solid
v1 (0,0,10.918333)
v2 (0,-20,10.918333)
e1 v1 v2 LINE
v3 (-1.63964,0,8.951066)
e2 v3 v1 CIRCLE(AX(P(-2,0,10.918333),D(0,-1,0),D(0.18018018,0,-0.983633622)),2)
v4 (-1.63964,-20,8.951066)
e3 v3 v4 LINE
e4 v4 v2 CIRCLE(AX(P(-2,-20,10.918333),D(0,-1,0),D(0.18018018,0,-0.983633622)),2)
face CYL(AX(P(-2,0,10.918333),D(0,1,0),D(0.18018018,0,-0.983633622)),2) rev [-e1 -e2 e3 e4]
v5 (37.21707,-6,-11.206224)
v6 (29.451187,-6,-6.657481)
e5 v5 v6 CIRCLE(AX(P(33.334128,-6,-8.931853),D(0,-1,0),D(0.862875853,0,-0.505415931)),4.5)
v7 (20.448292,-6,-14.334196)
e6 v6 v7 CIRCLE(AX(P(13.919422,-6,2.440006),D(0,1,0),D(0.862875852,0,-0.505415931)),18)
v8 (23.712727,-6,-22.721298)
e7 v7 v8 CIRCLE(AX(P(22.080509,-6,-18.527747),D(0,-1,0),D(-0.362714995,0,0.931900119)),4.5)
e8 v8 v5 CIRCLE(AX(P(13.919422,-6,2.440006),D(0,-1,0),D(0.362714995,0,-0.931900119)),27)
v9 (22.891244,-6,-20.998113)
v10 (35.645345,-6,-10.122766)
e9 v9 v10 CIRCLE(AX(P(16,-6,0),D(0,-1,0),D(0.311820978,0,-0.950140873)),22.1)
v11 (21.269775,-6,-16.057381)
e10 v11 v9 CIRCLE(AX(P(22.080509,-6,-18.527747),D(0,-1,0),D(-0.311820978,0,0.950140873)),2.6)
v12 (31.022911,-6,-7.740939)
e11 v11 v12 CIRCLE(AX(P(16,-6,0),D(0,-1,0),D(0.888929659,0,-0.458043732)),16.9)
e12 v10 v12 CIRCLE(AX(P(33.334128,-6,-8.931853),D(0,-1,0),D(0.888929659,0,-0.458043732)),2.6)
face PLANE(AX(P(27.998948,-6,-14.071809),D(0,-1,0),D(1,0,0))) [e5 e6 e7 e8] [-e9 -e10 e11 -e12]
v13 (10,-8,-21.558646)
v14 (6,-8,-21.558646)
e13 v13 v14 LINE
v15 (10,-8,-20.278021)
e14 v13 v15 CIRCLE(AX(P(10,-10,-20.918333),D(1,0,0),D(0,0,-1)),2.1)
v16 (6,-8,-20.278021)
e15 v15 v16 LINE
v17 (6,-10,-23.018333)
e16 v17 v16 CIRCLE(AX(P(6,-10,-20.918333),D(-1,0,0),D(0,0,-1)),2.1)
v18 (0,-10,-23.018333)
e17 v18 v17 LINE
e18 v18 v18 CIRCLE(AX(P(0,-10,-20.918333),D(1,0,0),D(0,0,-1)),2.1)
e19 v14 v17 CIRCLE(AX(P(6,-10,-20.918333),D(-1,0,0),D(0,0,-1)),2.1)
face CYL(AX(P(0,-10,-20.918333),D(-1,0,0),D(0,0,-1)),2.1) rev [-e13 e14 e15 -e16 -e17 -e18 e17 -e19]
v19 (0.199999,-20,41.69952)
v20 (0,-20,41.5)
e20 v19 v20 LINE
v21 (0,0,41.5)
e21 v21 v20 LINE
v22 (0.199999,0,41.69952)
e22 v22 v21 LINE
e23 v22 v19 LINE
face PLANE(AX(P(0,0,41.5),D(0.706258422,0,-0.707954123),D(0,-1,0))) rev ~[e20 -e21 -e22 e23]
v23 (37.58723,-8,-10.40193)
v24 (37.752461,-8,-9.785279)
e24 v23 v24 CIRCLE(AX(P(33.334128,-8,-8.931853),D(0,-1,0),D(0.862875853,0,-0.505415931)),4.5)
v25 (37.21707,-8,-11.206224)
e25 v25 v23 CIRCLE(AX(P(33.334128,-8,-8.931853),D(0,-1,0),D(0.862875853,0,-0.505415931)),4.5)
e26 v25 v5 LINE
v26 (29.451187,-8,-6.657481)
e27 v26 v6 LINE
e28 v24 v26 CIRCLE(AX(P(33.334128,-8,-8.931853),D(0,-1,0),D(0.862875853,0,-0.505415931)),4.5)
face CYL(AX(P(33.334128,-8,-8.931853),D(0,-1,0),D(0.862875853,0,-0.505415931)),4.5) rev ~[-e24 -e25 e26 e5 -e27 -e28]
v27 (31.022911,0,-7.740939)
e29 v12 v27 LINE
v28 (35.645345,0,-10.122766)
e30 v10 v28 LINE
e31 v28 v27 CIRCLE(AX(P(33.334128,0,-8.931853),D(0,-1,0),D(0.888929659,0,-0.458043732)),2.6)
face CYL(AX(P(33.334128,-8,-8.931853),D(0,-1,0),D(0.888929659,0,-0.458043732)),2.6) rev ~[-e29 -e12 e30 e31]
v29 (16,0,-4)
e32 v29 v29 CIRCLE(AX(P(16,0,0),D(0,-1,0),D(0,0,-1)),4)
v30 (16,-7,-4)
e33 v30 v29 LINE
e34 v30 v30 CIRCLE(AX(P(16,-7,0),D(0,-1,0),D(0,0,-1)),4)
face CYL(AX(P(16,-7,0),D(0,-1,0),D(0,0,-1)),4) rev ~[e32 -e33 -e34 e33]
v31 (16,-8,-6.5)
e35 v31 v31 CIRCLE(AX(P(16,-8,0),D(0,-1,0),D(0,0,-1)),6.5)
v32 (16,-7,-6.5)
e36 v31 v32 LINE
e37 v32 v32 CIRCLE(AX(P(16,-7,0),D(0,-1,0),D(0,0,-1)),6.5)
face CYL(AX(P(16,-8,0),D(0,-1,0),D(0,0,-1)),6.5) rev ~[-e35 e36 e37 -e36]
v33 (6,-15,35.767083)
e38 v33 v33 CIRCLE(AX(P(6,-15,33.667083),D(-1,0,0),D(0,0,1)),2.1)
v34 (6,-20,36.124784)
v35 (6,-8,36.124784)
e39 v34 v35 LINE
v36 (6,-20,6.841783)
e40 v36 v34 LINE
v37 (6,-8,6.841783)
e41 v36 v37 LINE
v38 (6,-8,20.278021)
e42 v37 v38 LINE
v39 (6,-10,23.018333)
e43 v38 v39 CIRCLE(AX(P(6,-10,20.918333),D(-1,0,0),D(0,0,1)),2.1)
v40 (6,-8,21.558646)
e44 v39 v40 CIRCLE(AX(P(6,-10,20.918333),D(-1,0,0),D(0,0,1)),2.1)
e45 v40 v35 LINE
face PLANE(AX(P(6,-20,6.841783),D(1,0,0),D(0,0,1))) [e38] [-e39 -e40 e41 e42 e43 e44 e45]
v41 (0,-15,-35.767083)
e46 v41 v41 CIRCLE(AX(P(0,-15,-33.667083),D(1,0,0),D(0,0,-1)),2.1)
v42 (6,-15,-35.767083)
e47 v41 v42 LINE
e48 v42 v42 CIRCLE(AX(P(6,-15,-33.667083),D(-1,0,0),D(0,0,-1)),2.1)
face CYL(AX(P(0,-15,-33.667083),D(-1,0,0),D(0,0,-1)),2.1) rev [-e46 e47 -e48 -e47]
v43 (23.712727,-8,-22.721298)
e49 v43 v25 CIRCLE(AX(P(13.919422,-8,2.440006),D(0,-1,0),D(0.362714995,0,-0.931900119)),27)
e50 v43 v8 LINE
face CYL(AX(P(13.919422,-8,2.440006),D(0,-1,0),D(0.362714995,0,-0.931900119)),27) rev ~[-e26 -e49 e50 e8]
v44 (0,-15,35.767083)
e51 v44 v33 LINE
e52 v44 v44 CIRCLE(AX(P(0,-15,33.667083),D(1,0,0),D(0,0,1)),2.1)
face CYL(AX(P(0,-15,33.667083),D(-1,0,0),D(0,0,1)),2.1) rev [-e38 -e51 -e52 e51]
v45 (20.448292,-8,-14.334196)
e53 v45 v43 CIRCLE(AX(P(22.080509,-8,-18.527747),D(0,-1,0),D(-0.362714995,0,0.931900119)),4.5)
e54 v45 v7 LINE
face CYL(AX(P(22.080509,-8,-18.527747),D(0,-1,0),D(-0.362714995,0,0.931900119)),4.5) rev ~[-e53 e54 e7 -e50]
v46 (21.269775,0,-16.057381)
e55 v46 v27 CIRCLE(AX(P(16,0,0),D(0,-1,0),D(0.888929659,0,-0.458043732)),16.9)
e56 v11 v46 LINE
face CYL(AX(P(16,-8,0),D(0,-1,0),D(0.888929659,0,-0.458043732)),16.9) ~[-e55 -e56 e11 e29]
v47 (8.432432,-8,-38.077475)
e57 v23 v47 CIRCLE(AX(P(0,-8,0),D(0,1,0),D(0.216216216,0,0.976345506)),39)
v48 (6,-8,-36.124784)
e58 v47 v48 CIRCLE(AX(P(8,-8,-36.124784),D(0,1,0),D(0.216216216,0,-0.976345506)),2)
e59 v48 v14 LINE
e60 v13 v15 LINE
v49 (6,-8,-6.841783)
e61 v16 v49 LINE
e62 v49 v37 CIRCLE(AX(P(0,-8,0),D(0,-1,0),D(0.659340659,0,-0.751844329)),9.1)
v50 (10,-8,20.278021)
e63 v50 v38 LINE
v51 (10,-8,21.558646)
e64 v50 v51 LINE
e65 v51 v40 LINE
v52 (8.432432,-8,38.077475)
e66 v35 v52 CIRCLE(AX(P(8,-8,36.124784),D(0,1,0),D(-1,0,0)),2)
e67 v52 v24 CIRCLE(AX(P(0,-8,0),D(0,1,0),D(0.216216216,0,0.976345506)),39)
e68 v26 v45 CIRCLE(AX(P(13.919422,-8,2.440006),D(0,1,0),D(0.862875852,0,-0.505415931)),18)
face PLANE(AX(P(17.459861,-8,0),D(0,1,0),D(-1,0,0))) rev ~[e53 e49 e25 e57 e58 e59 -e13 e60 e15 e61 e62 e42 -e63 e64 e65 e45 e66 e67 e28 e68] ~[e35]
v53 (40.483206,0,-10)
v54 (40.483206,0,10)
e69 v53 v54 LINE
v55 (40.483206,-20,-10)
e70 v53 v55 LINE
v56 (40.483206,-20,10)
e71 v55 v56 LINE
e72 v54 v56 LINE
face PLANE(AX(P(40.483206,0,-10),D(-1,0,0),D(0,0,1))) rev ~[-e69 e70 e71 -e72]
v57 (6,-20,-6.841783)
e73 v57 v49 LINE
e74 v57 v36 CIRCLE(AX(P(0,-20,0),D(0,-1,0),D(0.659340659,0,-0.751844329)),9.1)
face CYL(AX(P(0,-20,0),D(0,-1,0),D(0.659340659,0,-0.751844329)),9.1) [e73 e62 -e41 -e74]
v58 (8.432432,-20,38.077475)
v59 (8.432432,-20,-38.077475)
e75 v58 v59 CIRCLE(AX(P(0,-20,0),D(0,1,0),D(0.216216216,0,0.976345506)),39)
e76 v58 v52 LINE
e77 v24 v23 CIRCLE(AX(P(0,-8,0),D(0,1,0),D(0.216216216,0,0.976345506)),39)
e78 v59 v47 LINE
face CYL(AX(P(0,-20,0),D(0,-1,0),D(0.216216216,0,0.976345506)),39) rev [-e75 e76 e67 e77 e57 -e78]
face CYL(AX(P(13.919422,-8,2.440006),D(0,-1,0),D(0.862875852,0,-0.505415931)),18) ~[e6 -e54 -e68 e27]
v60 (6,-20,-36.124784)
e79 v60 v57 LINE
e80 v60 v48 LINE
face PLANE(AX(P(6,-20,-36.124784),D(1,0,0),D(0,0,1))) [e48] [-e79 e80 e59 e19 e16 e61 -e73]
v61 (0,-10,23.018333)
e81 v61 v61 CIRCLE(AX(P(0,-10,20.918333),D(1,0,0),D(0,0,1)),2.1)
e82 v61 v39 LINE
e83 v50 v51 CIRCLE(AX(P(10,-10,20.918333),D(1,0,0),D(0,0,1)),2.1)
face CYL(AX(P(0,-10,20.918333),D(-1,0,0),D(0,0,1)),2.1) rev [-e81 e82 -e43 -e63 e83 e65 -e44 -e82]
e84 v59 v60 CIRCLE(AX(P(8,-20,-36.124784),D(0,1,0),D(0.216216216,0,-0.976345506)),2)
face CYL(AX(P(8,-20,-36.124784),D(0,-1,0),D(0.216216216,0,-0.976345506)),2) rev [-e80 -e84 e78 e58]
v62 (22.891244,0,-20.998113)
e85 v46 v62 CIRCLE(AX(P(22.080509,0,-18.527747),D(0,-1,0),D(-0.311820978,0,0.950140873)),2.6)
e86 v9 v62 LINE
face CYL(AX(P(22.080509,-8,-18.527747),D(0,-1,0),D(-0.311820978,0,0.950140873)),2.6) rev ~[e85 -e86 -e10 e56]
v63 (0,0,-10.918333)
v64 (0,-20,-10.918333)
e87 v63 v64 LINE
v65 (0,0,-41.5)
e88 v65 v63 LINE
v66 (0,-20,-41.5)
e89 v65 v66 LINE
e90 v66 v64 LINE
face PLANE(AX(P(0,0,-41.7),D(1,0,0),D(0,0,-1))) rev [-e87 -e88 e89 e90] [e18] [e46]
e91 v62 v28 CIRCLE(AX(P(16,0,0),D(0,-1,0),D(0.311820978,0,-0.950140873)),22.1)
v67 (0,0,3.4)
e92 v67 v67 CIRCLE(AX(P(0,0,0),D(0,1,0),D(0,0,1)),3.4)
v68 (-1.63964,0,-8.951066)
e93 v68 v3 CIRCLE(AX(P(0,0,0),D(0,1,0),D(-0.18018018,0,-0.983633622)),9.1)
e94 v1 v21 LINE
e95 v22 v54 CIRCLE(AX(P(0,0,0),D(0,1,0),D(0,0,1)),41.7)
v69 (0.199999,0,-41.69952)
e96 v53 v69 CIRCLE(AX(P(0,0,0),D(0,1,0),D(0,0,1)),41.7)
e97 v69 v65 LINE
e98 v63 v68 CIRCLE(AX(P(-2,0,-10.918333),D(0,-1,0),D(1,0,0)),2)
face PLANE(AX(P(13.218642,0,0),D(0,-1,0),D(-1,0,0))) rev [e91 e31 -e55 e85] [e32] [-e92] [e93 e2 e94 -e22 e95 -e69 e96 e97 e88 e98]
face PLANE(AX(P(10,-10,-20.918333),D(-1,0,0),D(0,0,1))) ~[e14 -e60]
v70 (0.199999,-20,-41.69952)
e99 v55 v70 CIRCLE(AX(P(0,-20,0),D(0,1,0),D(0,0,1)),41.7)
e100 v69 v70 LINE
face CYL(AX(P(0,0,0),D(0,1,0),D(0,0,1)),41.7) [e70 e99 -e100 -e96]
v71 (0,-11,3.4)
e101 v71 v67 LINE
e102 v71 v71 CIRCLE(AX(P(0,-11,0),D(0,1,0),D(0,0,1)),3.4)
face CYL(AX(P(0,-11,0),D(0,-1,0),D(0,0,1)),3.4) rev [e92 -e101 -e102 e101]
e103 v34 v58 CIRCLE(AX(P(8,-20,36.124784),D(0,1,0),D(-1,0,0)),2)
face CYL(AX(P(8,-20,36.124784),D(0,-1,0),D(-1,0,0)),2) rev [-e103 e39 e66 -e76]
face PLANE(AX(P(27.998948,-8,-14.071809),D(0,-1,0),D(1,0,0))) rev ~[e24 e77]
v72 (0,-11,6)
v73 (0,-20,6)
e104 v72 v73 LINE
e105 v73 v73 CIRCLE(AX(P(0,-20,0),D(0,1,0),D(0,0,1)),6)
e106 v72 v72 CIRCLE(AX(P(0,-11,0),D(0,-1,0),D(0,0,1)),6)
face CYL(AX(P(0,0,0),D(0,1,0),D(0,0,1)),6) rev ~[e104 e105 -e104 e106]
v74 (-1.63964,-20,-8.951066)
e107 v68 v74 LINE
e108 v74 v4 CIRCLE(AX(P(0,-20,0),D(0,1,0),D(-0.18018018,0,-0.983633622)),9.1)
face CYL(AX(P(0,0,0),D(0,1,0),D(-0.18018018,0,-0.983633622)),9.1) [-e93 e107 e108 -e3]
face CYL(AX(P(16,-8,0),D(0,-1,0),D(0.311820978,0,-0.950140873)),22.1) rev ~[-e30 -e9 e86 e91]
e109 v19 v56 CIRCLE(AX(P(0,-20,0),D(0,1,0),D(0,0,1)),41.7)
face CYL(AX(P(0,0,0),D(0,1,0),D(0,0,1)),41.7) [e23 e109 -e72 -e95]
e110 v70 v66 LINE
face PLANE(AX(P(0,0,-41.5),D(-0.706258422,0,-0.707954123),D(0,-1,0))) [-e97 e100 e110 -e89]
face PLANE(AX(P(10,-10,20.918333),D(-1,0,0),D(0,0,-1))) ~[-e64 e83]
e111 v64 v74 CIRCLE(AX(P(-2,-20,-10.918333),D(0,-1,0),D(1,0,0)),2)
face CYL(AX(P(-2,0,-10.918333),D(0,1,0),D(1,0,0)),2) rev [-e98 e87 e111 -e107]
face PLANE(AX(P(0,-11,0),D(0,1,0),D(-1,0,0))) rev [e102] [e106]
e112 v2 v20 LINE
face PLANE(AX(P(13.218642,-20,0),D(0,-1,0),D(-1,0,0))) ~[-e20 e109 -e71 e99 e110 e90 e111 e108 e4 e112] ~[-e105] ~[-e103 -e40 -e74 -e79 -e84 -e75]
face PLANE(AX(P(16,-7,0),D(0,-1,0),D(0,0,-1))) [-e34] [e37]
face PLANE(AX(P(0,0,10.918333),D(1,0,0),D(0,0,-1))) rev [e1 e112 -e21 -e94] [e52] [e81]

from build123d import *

# Parameters (mm, degrees)
SKETCH_1_R          = 6
EXTRUDE_1_DEPTH     = 20
SKETCH_2_R          = 6.1
EXTRUDE_2_DEPTH     = 11
SKETCH_3_R          = 3.4
CUT_EXTRUDE_1_DEPTH = 60.989832472
SKETCH_4_R          = 2.1
CUT_EXTRUDE_2_DEPTH = 10
CUT_EXTRUDE_3_DEPTH = 63.271823484
CUT_EXTRUDE_4_DEPTH = 12
SKETCH_7_R          = 6.5
CUT_EXTRUDE_5_DEPTH = 1
SKETCH_8_R          = 4
CUT_EXTRUDE_6_DEPTH = 60.554848669
CUT_EXTRUDE_7_DEPTH = 60.344586948
CUT_EXTRUDE_8_DEPTH = 2
CHAMFER_1_SIZE      = 0.2


with BuildPart() as part:
    # 草图1 → 凸台-拉伸1 (new body)
    with BuildSketch(Plane(origin=(0, 0, 0), x_dir=(1, 0, 0), z_dir=(0, 1, 0))):
        with BuildLine():
            Line((0, 41.7), (0, 10.918333206))
            ThreePointArc((0, 10.918333206), (-0.463653568, 9.637849063), (-1.63963964, 8.951065962))
            ThreePointArc((-1.63963964, 8.951065962), (-9.1, 0), (-1.63963964, -8.951065962))
            ThreePointArc((-1.63963964, -8.951065962), (-0.463653568, -9.637849063), (0, -10.918333206))
            Line((0, -10.918333206), (0, -41.7))
            ThreePointArc((0, -41.7), (41.7, 0), (0, 41.7))
        make_face()
        with Locations(Location((0, 0, 0), (0, 0, 270))):
            Circle(SKETCH_1_R, mode=Mode.SUBTRACT)
    extrude(amount=EXTRUDE_1_DEPTH)

    # 草图2 → 凸台-拉伸2 (add)
    with BuildSketch(Plane.XZ):
        Circle(SKETCH_2_R)
    extrude(amount=-EXTRUDE_2_DEPTH)

    # 草图3 → 切除-拉伸1 (cut, through all)
    with BuildSketch(Plane(origin=(0, 11, 0), x_dir=(1, 0, 0), z_dir=(0, 1, 0))):
        with Locations(Location((0, 0, 0), (0, 0, 270))):
            Circle(SKETCH_3_R)
    extrude(amount=-CUT_EXTRUDE_1_DEPTH, mode=Mode.SUBTRACT)

    # 草图4 → 切除-拉伸2 (cut)
    with BuildSketch(Plane.ZY):
        with Locations((33.667083302, 15)):
            Circle(SKETCH_4_R)
        with Locations((20.918333206, 10)):
            Circle(SKETCH_4_R)
        with Locations(Location((-33.667083302, 15, 0), (0, 0, 180))):
            Circle(SKETCH_4_R)
        with Locations(Location((-20.918333206, 10, 0), (0, 0, 180))):
            Circle(SKETCH_4_R)
    extrude(amount=-CUT_EXTRUDE_2_DEPTH, mode=Mode.SUBTRACT)


with BuildPart() as body_2:
    # 镜向1: mirrored copy
    add(part.part.mirror(Plane.ZX))

    # 草图5 → 切除-拉伸3 (cut, through all)
    with BuildSketch(Plane(origin=(0, 0, 0), x_dir=(1, 0, 0), z_dir=(0, 1, 0))):
        with BuildLine():
            Line((40.483206395, 10), (40.483206395, -10))
            ThreePointArc((40.483206395, -10), (41.394683878, -5.036878663), (41.7, 0))
            ThreePointArc((41.7, 0), (41.394683878, 5.036878663), (40.483206395, 10))
        make_face()
    extrude(amount=-CUT_EXTRUDE_3_DEPTH, mode=Mode.SUBTRACT)

    # 草图6 → 切除-拉伸4 (cut)
    with BuildSketch(Plane.XZ.offset(20)):
        with BuildLine():
            Line((6, -36.124783736), (6, -6.841783393))
            ThreePointArc((6, -6.841783393), (9.1, 0), (6, 6.841783393))
            Line((6, 6.841783393), (6, 36.124783736))
            ThreePointArc((6, 36.124783736), (6.747974614, 37.684409471), (8.432432432, 38.077474749))
            ThreePointArc((8.432432432, 38.077474749), (39, 0), (8.432432432, -38.077474749))
            ThreePointArc((8.432432432, -38.077474749), (6.747974614, -37.684409471), (6, -36.124783736))
        make_face()
    extrude(amount=-CUT_EXTRUDE_4_DEPTH, mode=Mode.SUBTRACT)

    # 草图7 → 切除-拉伸5 (cut)
    with BuildSketch(Plane.XZ.offset(8)):
        with Locations(Location((16, 0, 0), (0, 0, 270))):
            Circle(SKETCH_7_R)
    extrude(amount=-CUT_EXTRUDE_5_DEPTH, mode=Mode.SUBTRACT)

    # 草图8 → 切除-拉伸6 (cut, through all)
    with BuildSketch(Plane.XZ.offset(7)):
        with Locations(Location((16, 0, 0), (0, 0, 270))):
            Circle(SKETCH_8_R)
    extrude(amount=-CUT_EXTRUDE_6_DEPTH, mode=Mode.SUBTRACT)

    # 草图9 → 切除-拉伸7 (cut, through all)
    with BuildSketch(Plane.XZ.offset(8)):
        with BuildLine():
            ThreePointArc((22.891243611, -20.998113284), (30.339314214, -16.81648203), (35.645345475, -10.122766478))
            ThreePointArc((35.645345475, -10.122766478), (34.525042064, -6.62063566), (31.022911246, -7.740939071))
            ThreePointArc((31.022911246, -7.740939071), (26.965357928, -12.859662729), (21.269774526, -16.057380747))
            ThreePointArc((21.269774526, -16.057380747), (19.6101428, -19.338481558), (22.891243611, -20.998113284))
        make_face()
    extrude(amount=-CUT_EXTRUDE_7_DEPTH, mode=Mode.SUBTRACT)

    # 草图10 → 切除-拉伸8 (cut)
    with BuildSketch(Plane.XZ.offset(8)):
        with BuildLine():
            ThreePointArc((23.712726546, -22.721297552), (31.438040853, -18.105017627), (37.217069697, -11.206224463))
            ThreePointArc((37.217069697, -11.206224463), (35.608500049, -5.048911438), (29.451187024, -6.657481086))
            ThreePointArc((29.451187024, -6.657481086), (25.598501128, -11.256676528), (20.44829159, -14.334196479))
            ThreePointArc((20.44829159, -14.334196479), (17.886958532, -20.159964494), (23.712726546, -22.721297552))
        make_face()
    extrude(amount=-CUT_EXTRUDE_8_DEPTH, mode=Mode.SUBTRACT)

    # 倒角1
    chamfer_1_edges = [body_2.edges().sort_by_distance(p)[0] for p in [
        (0, -10, 41.7),
        (0, -10, -41.7),
    ]]
    chamfer(chamfer_1_edges, length=CHAMFER_1_SIZE)


solid = body_2.part
